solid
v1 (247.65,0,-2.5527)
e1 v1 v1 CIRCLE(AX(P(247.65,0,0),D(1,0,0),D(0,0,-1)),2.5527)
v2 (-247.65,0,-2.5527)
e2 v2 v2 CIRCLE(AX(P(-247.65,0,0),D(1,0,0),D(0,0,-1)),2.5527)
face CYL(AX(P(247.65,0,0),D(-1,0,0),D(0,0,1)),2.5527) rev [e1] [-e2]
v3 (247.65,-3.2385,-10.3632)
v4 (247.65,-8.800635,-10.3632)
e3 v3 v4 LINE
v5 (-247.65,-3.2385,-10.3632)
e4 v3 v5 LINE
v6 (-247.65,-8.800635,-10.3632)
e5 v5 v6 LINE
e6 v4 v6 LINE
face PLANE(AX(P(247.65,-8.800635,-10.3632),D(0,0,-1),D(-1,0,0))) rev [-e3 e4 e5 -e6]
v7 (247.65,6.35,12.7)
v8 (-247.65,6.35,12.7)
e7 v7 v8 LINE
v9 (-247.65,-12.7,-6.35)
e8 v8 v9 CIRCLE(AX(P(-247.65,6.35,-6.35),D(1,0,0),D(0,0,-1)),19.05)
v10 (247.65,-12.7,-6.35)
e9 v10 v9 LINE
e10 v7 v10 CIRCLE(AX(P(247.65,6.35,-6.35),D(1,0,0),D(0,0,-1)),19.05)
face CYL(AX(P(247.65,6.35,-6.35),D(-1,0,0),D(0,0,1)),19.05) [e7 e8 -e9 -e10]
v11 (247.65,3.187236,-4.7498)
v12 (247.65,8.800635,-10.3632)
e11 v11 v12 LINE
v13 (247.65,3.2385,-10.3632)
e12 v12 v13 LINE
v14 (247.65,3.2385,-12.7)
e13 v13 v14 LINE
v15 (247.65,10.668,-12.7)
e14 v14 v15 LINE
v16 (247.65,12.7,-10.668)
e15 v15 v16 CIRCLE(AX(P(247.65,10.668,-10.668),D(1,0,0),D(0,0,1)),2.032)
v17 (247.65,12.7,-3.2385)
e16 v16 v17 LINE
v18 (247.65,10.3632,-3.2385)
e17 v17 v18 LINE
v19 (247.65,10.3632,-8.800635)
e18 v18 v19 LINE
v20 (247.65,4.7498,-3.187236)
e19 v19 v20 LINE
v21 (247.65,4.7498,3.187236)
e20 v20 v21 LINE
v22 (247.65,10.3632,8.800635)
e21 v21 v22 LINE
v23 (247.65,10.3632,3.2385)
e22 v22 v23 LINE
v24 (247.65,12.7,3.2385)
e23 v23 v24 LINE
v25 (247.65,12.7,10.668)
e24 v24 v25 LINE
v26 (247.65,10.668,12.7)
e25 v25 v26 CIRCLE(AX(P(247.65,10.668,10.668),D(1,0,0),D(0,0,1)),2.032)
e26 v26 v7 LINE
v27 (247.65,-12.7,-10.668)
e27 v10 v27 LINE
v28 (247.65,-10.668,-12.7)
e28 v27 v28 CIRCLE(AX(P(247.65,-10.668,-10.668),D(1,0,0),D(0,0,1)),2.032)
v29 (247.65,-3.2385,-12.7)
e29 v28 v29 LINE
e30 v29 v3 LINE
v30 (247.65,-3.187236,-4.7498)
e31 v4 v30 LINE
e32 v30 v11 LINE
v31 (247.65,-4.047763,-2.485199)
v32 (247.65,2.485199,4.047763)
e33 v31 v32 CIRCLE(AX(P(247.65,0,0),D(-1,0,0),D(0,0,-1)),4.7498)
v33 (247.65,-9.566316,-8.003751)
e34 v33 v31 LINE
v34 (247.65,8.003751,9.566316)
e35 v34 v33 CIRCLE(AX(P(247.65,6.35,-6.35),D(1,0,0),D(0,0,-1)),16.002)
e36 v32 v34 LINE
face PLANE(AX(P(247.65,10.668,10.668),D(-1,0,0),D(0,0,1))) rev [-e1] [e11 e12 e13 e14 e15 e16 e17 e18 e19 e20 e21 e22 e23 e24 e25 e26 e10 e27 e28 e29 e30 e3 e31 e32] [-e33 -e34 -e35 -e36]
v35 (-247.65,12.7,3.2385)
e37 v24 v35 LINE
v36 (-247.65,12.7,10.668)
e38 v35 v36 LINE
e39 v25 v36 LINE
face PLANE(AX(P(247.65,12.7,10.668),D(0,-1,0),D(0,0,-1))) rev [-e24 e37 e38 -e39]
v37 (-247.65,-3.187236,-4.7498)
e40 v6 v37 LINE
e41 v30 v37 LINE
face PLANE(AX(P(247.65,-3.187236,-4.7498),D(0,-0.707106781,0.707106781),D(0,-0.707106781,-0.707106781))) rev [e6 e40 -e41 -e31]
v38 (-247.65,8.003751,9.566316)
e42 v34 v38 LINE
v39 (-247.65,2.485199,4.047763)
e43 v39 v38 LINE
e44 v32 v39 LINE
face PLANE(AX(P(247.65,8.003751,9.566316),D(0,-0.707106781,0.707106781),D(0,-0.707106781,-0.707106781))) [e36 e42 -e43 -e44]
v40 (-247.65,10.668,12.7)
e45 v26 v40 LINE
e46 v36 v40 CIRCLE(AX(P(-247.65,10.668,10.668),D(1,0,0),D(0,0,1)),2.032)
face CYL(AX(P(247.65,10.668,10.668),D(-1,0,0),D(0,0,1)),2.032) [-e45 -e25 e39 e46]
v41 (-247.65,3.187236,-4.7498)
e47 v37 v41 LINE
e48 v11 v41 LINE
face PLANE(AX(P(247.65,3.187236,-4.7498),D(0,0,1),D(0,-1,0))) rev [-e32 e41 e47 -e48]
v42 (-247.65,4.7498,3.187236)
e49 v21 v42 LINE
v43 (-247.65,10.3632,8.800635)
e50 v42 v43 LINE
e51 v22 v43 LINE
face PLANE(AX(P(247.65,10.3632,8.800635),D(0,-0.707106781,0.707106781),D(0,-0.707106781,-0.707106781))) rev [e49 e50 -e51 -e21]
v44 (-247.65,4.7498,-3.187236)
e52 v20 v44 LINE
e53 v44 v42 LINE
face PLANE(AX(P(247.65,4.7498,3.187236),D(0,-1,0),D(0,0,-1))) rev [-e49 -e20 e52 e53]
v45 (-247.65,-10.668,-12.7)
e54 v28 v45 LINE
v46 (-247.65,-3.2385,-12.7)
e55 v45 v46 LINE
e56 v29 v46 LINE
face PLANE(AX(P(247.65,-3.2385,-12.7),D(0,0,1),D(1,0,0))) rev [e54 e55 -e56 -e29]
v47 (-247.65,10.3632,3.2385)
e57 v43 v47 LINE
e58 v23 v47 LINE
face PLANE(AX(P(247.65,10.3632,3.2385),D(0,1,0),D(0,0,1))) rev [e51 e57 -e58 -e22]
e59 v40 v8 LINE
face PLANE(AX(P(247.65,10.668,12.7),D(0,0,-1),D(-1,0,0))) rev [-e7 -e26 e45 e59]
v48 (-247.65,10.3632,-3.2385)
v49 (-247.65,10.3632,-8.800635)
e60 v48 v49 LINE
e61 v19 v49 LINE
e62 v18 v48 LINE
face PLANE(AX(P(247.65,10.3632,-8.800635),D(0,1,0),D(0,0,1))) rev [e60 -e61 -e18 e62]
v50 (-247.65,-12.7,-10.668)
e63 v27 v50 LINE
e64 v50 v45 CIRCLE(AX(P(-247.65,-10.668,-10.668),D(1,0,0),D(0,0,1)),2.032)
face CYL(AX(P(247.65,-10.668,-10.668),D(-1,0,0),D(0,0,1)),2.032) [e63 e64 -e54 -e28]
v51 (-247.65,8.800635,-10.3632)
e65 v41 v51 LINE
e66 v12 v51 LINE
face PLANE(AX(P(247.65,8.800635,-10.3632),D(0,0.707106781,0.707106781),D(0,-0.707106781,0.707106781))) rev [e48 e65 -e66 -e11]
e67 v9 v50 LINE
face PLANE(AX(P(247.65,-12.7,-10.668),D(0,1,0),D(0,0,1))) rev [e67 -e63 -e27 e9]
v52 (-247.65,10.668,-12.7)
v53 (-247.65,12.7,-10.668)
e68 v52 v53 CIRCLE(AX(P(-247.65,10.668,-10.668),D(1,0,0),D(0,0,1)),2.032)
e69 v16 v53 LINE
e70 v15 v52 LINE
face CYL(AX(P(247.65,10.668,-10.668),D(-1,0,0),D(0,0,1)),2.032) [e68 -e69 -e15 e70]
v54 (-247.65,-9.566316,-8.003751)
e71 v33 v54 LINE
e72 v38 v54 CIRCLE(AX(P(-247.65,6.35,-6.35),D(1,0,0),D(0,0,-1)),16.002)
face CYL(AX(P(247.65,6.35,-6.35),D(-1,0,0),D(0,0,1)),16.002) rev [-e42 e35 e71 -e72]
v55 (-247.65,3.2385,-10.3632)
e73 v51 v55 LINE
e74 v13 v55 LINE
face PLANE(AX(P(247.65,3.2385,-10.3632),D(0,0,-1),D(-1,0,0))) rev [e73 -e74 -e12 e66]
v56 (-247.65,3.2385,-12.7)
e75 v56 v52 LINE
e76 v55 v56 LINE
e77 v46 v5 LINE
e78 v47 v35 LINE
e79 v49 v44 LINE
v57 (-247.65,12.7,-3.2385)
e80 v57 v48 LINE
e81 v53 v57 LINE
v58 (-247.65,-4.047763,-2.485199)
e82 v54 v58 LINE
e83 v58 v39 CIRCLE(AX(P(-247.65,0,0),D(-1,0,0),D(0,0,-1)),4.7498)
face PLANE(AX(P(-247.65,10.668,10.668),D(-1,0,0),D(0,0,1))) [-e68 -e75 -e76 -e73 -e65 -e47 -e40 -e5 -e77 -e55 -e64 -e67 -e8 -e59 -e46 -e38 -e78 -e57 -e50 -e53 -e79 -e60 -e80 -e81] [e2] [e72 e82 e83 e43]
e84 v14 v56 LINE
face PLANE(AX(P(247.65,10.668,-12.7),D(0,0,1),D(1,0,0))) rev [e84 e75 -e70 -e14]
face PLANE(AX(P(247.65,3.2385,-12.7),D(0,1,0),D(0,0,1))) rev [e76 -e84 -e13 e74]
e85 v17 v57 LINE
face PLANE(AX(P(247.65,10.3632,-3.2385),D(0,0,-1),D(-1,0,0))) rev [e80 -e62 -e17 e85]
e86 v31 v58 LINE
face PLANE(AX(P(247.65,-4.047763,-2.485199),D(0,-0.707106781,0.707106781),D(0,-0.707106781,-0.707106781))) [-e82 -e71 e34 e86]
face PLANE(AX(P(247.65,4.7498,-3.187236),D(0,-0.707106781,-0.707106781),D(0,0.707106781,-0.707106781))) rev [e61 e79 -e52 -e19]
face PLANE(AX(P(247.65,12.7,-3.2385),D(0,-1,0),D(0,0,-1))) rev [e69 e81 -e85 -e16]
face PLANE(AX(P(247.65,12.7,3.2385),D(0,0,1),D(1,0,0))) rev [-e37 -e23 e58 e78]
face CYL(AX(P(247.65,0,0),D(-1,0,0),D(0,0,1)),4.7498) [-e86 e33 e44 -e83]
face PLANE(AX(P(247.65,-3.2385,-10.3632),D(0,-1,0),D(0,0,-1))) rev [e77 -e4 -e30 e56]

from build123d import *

# Parameters (mm, degrees)
SKETCH3_R                = 2.5527
BOSS_EXTRUDE1_DEPTH      = 247.65
BOSS_EXTRUDE1_DEPTH_BACK = 247.65


with BuildPart() as part:
    # Sketch3 → Boss-Extrude1 (new body, two sides)
    with BuildSketch(Plane(origin=(0, 0, 0), x_dir=(0, 0, -1), z_dir=(1, 0, 0))) as boss_extrude1_sk:
        with BuildLine():
            Line((-10.668, 12.7), (-3.2385, 12.7))
            Line((-3.2385, 12.7), (-3.2385, 10.3632))
            Line((-3.2385, 10.3632), (-8.800635435, 10.3632))
            Line((-8.800635435, 10.3632), (-3.187235669, 4.749800235))
            Line((-3.187235669, 4.749800235), (3.187235669, 4.749800235))
            Line((3.187235669, 4.749800235), (8.800635435, 10.3632))
            Line((8.800635435, 10.3632), (3.2385, 10.3632))
            Line((3.2385, 10.3632), (3.2385, 12.7))
            Line((3.2385, 12.7), (10.668, 12.7))
            ThreePointArc((10.668, 12.7), (12.104840979, 12.104840979), (12.7, 10.668))
            Line((12.7, 10.668), (12.7, 3.2385))
            Line((12.7, 3.2385), (10.3632, 3.2385))
            Line((10.3632, 3.2385), (10.3632, 8.800635435))
            Line((10.3632, 8.800635435), (4.749800235, 3.187235669))
            Line((4.749800235, 3.187235669), (4.749800235, -3.187235669))
            Line((4.749800235, -3.187235669), (10.3632, -8.800635435))
            Line((10.3632, -8.800635435), (10.3632, -3.2385))
            Line((10.3632, -3.2385), (12.7, -3.2385))
            Line((12.7, -3.2385), (12.7, -10.668))
            ThreePointArc((12.7, -10.668), (12.104840979, -12.104840979), (10.668, -12.7))
            Line((10.668, -12.7), (6.35, -12.7))
            ThreePointArc((6.35, -12.7), (-7.120384182, -7.120384182), (-12.7, 6.35))
            Line((-12.7, 6.35), (-12.7, 10.668))
            ThreePointArc((-12.7, 10.668), (-12.104840979, 12.104840979), (-10.668, 12.7))
        make_face()
        Circle(SKETCH3_R, mode=Mode.SUBTRACT)
        with BuildLine():
            Line((2.485198871, -4.047763436), (8.003751298, -9.566315863))
            ThreePointArc((8.003751298, -9.566315863), (-4.965122713, -4.965122713), (-9.566315863, 8.003751298))
            Line((-9.566315863, 8.003751298), (-4.047763436, 2.485198871))
            ThreePointArc((-4.047763436, 2.485198871), (-3.358615955, -3.358615955), (2.485198871, -4.047763436))
        make_face(mode=Mode.SUBTRACT)
    extrude(amount=BOSS_EXTRUDE1_DEPTH)
    extrude(boss_extrude1_sk.sketch, amount=-BOSS_EXTRUDE1_DEPTH_BACK)


solid = part.part
